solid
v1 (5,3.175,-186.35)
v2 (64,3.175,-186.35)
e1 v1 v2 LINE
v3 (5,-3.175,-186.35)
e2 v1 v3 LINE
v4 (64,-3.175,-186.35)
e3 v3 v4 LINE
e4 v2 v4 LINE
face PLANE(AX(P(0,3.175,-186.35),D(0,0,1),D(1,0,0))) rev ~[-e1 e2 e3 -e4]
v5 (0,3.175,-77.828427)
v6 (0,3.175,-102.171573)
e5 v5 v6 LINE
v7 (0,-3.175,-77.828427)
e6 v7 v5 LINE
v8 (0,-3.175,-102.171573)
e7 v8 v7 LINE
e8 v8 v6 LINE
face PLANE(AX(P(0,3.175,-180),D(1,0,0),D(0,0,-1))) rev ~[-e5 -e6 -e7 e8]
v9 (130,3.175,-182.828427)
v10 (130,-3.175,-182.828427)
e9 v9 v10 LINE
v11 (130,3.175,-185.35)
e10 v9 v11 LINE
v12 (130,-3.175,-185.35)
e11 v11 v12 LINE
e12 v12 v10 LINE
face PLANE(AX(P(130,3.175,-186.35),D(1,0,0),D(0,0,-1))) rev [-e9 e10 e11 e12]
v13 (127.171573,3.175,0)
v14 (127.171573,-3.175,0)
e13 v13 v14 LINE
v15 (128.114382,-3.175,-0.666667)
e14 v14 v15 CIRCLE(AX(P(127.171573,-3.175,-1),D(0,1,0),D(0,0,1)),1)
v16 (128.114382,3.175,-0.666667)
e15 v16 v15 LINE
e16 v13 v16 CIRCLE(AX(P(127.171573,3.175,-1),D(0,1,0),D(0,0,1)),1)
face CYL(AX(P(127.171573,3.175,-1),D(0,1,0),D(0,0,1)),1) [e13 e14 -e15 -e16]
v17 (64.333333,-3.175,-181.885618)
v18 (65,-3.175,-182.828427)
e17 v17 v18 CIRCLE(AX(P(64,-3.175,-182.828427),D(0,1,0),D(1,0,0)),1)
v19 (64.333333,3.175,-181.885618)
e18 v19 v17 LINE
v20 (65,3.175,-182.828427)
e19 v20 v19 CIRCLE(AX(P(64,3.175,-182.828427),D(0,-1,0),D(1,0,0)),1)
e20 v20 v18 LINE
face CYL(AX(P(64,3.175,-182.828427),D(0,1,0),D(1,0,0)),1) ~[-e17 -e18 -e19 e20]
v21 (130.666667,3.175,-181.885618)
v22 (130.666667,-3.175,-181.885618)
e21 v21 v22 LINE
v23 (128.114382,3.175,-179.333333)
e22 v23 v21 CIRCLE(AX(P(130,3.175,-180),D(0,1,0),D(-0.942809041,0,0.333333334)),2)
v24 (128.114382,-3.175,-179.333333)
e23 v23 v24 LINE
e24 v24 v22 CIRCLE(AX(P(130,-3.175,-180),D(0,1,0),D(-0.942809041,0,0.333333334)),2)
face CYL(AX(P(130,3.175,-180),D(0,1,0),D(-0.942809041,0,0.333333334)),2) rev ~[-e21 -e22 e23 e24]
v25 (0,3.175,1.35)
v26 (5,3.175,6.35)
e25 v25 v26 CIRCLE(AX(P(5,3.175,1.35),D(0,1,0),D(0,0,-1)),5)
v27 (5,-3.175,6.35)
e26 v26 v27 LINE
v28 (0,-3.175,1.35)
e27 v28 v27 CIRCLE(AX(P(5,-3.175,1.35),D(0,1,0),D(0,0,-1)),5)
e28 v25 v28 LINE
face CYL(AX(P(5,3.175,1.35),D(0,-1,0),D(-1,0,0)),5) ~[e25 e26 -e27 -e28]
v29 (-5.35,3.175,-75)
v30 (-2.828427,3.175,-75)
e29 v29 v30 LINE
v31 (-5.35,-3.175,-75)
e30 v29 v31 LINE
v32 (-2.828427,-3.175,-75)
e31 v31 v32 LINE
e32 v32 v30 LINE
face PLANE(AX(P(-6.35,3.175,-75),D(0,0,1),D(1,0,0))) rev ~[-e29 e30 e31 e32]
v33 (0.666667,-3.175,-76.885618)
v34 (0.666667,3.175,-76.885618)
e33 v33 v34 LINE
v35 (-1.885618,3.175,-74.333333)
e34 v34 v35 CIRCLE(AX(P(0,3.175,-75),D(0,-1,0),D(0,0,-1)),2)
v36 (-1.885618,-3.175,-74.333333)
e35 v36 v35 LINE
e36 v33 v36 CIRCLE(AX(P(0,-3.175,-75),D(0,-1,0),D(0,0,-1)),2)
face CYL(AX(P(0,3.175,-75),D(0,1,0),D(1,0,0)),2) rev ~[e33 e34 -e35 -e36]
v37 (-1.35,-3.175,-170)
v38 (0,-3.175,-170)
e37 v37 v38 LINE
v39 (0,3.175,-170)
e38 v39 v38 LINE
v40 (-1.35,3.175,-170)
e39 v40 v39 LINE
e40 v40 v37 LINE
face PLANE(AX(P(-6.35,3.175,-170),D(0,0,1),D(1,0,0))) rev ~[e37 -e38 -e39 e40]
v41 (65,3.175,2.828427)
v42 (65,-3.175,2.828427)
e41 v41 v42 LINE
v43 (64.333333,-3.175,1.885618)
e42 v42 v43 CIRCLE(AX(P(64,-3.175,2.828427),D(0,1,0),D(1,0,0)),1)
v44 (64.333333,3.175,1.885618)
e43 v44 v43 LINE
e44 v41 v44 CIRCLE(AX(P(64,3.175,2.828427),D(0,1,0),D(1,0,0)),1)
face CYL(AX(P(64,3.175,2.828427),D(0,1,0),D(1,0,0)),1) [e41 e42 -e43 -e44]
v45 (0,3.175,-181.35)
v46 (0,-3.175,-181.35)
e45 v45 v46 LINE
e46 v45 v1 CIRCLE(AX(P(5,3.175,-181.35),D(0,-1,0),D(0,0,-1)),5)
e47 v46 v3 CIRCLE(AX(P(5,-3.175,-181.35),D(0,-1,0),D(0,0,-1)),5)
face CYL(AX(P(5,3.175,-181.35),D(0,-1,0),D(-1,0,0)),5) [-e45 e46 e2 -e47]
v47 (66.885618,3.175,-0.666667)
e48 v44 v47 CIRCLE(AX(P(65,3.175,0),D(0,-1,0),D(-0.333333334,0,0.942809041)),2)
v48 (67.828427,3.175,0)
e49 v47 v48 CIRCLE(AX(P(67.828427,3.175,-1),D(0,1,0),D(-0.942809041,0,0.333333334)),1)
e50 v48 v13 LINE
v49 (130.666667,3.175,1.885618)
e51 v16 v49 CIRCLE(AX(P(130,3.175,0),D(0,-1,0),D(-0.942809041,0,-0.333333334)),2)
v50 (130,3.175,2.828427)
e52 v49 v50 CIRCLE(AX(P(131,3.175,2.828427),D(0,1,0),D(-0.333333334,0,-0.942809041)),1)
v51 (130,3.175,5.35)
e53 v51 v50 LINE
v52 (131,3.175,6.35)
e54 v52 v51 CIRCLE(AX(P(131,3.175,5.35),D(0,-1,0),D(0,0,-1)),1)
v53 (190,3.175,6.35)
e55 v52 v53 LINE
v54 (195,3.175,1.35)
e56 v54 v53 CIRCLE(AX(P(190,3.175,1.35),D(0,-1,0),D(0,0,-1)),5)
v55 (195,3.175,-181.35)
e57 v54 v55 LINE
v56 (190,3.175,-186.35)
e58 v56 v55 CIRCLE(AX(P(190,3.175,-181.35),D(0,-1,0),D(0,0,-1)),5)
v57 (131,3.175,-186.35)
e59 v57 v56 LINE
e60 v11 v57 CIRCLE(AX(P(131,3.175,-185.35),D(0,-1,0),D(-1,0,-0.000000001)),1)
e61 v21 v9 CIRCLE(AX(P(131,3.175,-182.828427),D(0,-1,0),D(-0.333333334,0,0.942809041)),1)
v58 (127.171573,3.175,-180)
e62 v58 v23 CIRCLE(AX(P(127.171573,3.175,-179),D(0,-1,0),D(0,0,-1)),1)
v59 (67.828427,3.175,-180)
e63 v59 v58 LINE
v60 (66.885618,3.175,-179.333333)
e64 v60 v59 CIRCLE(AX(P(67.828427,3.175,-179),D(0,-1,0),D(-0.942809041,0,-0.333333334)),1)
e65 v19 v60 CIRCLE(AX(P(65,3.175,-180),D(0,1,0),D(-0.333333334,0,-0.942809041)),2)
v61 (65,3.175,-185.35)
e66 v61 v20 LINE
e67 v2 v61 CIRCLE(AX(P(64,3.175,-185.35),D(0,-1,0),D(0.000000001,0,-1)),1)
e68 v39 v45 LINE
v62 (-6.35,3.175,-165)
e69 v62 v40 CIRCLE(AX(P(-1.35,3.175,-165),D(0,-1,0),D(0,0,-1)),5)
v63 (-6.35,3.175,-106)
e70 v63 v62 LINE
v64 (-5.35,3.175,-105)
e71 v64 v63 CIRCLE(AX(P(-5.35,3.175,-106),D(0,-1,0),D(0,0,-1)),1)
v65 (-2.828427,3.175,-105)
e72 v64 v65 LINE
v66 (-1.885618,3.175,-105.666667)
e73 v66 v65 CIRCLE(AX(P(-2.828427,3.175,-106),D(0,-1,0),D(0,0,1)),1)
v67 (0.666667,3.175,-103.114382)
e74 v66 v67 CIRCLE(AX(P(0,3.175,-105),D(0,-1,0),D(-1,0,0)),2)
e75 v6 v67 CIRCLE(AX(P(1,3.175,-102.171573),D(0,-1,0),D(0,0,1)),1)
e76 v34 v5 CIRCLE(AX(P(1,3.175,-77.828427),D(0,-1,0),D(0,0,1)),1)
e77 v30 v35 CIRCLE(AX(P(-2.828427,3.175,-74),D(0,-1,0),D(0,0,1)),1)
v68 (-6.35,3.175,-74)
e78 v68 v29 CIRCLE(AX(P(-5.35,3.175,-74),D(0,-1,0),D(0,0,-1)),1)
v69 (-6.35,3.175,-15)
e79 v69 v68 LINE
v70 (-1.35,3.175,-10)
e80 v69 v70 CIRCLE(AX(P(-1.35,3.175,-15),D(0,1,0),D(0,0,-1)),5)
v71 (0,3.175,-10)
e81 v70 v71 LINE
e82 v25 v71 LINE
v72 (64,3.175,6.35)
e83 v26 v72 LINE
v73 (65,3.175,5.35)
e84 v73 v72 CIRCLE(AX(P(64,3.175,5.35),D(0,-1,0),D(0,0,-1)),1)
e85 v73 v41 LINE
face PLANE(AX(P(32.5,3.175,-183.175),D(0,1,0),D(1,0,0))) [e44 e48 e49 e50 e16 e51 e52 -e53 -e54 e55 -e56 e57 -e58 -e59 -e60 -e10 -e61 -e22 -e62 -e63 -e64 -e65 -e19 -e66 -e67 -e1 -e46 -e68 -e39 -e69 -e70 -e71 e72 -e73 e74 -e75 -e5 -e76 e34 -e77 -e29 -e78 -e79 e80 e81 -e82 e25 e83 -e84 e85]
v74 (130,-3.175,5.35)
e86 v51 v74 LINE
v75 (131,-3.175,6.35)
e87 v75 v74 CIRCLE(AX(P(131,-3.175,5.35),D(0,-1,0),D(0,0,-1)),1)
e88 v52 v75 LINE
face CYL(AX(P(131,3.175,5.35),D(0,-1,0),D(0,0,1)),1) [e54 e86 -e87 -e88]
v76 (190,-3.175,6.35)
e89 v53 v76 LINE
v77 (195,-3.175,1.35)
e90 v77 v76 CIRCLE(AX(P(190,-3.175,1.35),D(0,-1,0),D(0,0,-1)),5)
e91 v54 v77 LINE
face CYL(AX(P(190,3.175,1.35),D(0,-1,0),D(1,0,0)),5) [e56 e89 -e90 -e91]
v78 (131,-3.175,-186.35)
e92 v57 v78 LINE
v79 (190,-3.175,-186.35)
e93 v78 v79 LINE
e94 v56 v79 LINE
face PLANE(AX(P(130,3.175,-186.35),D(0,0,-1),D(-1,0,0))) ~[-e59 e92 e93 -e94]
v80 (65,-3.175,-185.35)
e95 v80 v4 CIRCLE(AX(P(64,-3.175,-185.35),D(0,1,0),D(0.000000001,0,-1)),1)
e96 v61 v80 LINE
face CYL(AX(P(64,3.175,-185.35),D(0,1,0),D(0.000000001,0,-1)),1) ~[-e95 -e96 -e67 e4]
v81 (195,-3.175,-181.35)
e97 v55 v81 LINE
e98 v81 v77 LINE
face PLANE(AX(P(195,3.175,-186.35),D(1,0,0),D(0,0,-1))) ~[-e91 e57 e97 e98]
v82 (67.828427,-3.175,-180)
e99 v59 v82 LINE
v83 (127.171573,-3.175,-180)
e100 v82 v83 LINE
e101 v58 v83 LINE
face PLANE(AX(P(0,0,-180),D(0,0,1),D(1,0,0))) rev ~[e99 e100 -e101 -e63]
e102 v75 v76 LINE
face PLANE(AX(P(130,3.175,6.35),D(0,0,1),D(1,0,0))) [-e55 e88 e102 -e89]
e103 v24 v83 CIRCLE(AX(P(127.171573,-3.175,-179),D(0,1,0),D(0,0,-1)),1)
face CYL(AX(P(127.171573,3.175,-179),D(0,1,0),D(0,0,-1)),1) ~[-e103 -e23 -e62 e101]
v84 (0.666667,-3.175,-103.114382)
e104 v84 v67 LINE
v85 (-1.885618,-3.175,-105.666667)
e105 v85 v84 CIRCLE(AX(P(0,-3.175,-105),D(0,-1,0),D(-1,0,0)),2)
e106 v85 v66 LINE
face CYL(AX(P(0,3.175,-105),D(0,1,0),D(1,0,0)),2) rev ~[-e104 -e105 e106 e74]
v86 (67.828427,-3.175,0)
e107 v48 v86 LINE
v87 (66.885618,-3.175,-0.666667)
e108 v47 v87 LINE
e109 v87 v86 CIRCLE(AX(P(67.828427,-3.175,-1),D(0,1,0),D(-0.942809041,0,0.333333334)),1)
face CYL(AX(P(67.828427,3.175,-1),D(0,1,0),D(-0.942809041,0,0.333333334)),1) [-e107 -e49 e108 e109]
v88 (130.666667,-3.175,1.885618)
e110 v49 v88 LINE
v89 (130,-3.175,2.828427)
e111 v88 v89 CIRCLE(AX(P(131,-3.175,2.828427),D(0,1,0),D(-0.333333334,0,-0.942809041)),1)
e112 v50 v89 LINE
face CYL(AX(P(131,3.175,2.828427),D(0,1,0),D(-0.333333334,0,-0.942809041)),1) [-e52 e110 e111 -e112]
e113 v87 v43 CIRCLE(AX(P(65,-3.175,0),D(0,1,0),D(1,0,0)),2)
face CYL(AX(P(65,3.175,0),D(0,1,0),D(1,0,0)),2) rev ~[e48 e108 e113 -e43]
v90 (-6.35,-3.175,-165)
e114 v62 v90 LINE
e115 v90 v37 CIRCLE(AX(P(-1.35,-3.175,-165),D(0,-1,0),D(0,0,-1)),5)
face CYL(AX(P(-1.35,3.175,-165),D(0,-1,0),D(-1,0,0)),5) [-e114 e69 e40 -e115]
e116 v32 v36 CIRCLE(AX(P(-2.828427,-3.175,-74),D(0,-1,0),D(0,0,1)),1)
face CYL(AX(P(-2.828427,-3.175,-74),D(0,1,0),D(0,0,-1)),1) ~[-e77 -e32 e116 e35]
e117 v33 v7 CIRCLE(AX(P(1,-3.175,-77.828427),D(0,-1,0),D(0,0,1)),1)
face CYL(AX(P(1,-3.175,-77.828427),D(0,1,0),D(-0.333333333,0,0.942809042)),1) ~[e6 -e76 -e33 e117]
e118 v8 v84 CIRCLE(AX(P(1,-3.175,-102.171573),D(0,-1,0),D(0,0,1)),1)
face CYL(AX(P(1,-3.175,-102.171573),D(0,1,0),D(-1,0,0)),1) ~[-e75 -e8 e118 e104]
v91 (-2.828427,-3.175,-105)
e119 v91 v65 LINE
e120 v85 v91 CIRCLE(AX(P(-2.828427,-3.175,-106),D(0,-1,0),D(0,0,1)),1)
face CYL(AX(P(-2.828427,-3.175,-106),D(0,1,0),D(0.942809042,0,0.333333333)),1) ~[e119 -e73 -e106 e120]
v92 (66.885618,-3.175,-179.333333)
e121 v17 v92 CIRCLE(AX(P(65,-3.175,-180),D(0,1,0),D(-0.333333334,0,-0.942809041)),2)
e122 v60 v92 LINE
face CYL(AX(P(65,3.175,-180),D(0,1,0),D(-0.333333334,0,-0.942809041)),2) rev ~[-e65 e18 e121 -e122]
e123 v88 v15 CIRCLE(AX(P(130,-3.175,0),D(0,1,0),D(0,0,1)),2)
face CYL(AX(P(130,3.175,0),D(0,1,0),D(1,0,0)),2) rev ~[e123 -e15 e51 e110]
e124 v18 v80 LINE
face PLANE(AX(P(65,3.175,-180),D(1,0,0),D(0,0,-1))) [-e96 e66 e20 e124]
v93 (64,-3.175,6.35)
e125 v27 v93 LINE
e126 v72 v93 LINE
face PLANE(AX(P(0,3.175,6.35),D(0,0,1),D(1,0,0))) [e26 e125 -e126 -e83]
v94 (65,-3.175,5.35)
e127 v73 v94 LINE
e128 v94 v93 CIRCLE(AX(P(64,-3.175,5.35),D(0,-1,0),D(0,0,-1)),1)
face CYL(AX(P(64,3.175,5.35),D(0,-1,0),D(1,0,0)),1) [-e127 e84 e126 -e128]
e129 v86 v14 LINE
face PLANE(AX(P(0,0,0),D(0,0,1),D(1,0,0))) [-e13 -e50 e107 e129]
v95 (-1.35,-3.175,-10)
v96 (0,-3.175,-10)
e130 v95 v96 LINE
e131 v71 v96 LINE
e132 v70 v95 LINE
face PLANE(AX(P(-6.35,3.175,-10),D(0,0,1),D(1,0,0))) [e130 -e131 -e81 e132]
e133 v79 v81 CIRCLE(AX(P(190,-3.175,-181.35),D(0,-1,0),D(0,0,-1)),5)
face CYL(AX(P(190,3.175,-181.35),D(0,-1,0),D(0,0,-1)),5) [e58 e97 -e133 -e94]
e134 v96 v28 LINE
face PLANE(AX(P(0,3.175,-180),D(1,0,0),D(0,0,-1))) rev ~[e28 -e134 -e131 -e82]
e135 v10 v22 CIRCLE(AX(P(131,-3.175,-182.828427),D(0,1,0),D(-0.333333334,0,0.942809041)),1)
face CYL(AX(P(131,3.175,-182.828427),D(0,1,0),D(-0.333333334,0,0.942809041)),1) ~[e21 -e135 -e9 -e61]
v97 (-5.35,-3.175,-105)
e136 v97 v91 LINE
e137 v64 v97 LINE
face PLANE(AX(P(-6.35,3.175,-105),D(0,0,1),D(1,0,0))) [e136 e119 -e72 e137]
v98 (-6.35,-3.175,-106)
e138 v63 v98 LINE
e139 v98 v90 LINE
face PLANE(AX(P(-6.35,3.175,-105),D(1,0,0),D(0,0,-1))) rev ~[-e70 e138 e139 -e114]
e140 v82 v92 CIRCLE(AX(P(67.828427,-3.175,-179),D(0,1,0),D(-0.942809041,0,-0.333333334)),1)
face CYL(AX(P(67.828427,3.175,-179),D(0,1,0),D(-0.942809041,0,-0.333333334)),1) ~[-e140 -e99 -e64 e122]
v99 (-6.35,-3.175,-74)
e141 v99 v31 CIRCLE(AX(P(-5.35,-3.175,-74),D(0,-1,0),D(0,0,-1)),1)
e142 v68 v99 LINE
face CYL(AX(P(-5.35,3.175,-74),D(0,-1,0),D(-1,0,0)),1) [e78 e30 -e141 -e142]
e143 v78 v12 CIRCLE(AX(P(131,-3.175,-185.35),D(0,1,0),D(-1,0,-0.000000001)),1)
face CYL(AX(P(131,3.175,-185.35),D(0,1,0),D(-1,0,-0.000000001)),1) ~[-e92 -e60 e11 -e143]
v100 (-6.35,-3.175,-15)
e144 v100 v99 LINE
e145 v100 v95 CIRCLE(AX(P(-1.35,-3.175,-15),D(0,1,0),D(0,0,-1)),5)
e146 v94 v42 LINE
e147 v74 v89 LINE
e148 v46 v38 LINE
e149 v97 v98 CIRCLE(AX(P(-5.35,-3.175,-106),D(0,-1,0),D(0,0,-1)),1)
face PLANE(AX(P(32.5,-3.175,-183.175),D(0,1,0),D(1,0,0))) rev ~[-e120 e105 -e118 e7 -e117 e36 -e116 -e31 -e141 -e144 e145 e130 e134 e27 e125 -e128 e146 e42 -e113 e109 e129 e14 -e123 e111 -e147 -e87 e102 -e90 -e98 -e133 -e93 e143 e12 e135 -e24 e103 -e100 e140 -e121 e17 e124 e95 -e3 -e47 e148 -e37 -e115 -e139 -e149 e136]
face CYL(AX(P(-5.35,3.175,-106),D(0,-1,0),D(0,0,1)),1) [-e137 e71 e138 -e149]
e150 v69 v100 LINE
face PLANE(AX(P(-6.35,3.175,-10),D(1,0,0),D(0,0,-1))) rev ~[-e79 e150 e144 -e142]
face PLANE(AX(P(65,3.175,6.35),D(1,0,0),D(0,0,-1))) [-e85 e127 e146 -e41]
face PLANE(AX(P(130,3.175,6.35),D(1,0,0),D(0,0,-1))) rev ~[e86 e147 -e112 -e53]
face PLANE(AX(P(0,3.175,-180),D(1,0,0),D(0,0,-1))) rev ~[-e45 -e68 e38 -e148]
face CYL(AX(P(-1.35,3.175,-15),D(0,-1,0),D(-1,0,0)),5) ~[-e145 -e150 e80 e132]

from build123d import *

# Parameters (mm, degrees)
SKETCH1_W               = 195
SKETCH1_H               = 180
BOSS_EXTRUDE1_DEPTH     = 3.175
SKETCH2_W               = 65
SKETCH2_H               = 6.35
BOSS_EXTRUDE2_DEPTH     = 6.35
LPATTERN1_COUNT         = 2
LPATTERN1_PITCH         = 130
MIRROR1_COPY_1_SKETCH_W = 65
MIRROR1_COPY_1_SKETCH_H = 6.35
MIRROR1_COPY_1_DEPTH    = 6.35
SKETCH3_W               = 6.35
SKETCH3_H               = 65
BOSS_EXTRUDE3_DEPTH     = 6.35
SKETCH4_R               = 2
CUT_EXTRUDE1_DEPTH      = 7.35
FILLET1_R               = 1
CUT_EXTRUDE2_DEPTH      = 7.35
SKETCH6_R               = 2
CUT_EXTRUDE3_DEPTH      = 7.35
FILLET2_R               = 1
FILLET3_R               = 5


with BuildPart() as part:
    # Sketch1 → Boss-Extrude1 (new body, symmetric)
    with BuildSketch(Plane(origin=(0, 0, 0), x_dir=(1, 0, 0), z_dir=(0, 1, 0))):
        with Locations((97.5, 90)):
            Rectangle(SKETCH1_W, SKETCH1_H)
    extrude(amount=BOSS_EXTRUDE1_DEPTH, both=True)

    # Sketch2 → Boss-Extrude2 (add)
    with BuildSketch(Plane(origin=(0, 3.175, 0), x_dir=(1, 0, 0), z_dir=(0, 1, 0))):
        with Locations((162.5, -3.175)):
            Rectangle(SKETCH2_W, SKETCH2_H)
    boss_extrude2 = extrude(amount=-BOSS_EXTRUDE2_DEPTH)

    # LPattern1: Boss-Extrude2 ×2
    with Locations(*[(-i * LPATTERN1_PITCH, 0, 0) for i in range(1, LPATTERN1_COUNT)]):
        add(boss_extrude2)

    # Mirror1: Boss-Extrude2 across plane
    add(boss_extrude2.mirror(Plane.XY.offset(-90)))

    # Mirror1 copy 1 sketch → Mirror1 copy 1 (add)
    with BuildSketch(Plane(origin=(-130, 3.175, -180), x_dir=(1, 0, 0), z_dir=(0, 1, 0))):
        with Locations((162.5, 3.175)):
            Rectangle(MIRROR1_COPY_1_SKETCH_W, MIRROR1_COPY_1_SKETCH_H)
    extrude(amount=-MIRROR1_COPY_1_DEPTH)

    # Sketch3 → Boss-Extrude3 (add)
    with BuildSketch(Plane(origin=(0, 3.175, 0), x_dir=(1, 0, 0), z_dir=(0, 1, 0))):
        with Locations((-3.175, 137.5)):
            Rectangle(SKETCH3_W, SKETCH3_H)
        with Locations((-3.175, 42.5)):
            Rectangle(SKETCH3_W, SKETCH3_H)
    extrude(amount=-BOSS_EXTRUDE3_DEPTH)

    # Sketch4 → Cut-Extrude1 (cut, through all)
    with BuildSketch(Plane(origin=(0, 3.175, 0), x_dir=(1, 0, 0), z_dir=(0, 1, 0))):
        with Locations((65, 0)):
            Circle(SKETCH4_R)
        with Locations((130, 0)):
            Circle(SKETCH4_R)
    extrude(amount=-CUT_EXTRUDE1_DEPTH, mode=Mode.SUBTRACT)

    # Fillet1
    fillet1_edges = [part.edges().sort_by_distance(p)[0] for p in [
        (130, 0, 6.35),
        (65, 0, 6.35),
    ]]
    fillet(fillet1_edges, radius=FILLET1_R)

    # Sketch5 → Cut-Extrude2 (cut, through all)
    with BuildSketch(Plane(origin=(0, 3.175, 0), x_dir=(1, 0, 0), z_dir=(0, 1, 0))):
        with BuildLine():
            Line((130, -2.828427125), (130, -5.35))
            ThreePointArc((130, -5.35), (130.292893219, -6.057106781), (131, -6.35))
            Line((131, -6.35), (64, -6.35))
            ThreePointArc((64, -6.35), (64.707106781, -6.057106781), (65, -5.35))
            Line((65, -5.35), (65, -2.828427125))
            ThreePointArc((65, -2.828427125), (64.816496581, -2.251076856), (64.333333333, -1.885618083))
            ThreePointArc((64.333333333, -1.885618083), (63.585786438, 1.414213562), (66.885618083, 0.666666667))
            ThreePointArc((66.885618083, 0.666666667), (67.251076856, 0.183503419), (67.828427125, 0))
            Line((67.828427125, 0), (127.171572875, 0))
            ThreePointArc((127.171572875, 0), (127.748923144, 0.183503419), (128.114381917, 0.666666667))
            ThreePointArc((128.114381917, 0.666666667), (131.414213562, 1.414213562), (130.666666667, -1.885618083))
            ThreePointArc((130.666666667, -1.885618083), (130.183503419, -2.251076856), (130, -2.828427125))
        make_face()
    cut_extrude2 = extrude(amount=-CUT_EXTRUDE2_DEPTH, mode=Mode.SUBTRACT)

    # Mirror3: Cut-Extrude2 across plane
    add(cut_extrude2.mirror(Plane.XY.offset(-90)), mode=Mode.SUBTRACT)

    # Sketch6 → Cut-Extrude3 (cut, through all)
    with BuildSketch(Plane(origin=(0, 3.175, 0), x_dir=(1, 0, 0), z_dir=(0, 1, 0))):
        with Locations((0, 105)):
            Circle(SKETCH6_R)
        with Locations((0, 75)):
            Circle(SKETCH6_R)
    extrude(amount=-CUT_EXTRUDE3_DEPTH, mode=Mode.SUBTRACT)

    # Fillet2
    fillet2_edges = [part.edges().sort_by_distance(p)[0] for p in [
        (-2, 0, -75),
        (-2, 0, -105),
        (0, 0, -103),
        (0, 0, -77),
        (-6.35, 0, -105),
        (-6.35, 0, -75),
    ]]
    fillet(fillet2_edges, radius=FILLET2_R)

    # Fillet3
    fillet3_edges = [part.edges().sort_by_distance(p)[0] for p in [
        (195, 0, 6.35),
        (0, 0, 6.35),
        (195, 0, -186.35),
        (0, 0, -186.35),
        (-6.35, 0, -170),
        (-6.35, 0, -10),
    ]]
    fillet(fillet3_edges, radius=FILLET3_R)


solid = part.part
